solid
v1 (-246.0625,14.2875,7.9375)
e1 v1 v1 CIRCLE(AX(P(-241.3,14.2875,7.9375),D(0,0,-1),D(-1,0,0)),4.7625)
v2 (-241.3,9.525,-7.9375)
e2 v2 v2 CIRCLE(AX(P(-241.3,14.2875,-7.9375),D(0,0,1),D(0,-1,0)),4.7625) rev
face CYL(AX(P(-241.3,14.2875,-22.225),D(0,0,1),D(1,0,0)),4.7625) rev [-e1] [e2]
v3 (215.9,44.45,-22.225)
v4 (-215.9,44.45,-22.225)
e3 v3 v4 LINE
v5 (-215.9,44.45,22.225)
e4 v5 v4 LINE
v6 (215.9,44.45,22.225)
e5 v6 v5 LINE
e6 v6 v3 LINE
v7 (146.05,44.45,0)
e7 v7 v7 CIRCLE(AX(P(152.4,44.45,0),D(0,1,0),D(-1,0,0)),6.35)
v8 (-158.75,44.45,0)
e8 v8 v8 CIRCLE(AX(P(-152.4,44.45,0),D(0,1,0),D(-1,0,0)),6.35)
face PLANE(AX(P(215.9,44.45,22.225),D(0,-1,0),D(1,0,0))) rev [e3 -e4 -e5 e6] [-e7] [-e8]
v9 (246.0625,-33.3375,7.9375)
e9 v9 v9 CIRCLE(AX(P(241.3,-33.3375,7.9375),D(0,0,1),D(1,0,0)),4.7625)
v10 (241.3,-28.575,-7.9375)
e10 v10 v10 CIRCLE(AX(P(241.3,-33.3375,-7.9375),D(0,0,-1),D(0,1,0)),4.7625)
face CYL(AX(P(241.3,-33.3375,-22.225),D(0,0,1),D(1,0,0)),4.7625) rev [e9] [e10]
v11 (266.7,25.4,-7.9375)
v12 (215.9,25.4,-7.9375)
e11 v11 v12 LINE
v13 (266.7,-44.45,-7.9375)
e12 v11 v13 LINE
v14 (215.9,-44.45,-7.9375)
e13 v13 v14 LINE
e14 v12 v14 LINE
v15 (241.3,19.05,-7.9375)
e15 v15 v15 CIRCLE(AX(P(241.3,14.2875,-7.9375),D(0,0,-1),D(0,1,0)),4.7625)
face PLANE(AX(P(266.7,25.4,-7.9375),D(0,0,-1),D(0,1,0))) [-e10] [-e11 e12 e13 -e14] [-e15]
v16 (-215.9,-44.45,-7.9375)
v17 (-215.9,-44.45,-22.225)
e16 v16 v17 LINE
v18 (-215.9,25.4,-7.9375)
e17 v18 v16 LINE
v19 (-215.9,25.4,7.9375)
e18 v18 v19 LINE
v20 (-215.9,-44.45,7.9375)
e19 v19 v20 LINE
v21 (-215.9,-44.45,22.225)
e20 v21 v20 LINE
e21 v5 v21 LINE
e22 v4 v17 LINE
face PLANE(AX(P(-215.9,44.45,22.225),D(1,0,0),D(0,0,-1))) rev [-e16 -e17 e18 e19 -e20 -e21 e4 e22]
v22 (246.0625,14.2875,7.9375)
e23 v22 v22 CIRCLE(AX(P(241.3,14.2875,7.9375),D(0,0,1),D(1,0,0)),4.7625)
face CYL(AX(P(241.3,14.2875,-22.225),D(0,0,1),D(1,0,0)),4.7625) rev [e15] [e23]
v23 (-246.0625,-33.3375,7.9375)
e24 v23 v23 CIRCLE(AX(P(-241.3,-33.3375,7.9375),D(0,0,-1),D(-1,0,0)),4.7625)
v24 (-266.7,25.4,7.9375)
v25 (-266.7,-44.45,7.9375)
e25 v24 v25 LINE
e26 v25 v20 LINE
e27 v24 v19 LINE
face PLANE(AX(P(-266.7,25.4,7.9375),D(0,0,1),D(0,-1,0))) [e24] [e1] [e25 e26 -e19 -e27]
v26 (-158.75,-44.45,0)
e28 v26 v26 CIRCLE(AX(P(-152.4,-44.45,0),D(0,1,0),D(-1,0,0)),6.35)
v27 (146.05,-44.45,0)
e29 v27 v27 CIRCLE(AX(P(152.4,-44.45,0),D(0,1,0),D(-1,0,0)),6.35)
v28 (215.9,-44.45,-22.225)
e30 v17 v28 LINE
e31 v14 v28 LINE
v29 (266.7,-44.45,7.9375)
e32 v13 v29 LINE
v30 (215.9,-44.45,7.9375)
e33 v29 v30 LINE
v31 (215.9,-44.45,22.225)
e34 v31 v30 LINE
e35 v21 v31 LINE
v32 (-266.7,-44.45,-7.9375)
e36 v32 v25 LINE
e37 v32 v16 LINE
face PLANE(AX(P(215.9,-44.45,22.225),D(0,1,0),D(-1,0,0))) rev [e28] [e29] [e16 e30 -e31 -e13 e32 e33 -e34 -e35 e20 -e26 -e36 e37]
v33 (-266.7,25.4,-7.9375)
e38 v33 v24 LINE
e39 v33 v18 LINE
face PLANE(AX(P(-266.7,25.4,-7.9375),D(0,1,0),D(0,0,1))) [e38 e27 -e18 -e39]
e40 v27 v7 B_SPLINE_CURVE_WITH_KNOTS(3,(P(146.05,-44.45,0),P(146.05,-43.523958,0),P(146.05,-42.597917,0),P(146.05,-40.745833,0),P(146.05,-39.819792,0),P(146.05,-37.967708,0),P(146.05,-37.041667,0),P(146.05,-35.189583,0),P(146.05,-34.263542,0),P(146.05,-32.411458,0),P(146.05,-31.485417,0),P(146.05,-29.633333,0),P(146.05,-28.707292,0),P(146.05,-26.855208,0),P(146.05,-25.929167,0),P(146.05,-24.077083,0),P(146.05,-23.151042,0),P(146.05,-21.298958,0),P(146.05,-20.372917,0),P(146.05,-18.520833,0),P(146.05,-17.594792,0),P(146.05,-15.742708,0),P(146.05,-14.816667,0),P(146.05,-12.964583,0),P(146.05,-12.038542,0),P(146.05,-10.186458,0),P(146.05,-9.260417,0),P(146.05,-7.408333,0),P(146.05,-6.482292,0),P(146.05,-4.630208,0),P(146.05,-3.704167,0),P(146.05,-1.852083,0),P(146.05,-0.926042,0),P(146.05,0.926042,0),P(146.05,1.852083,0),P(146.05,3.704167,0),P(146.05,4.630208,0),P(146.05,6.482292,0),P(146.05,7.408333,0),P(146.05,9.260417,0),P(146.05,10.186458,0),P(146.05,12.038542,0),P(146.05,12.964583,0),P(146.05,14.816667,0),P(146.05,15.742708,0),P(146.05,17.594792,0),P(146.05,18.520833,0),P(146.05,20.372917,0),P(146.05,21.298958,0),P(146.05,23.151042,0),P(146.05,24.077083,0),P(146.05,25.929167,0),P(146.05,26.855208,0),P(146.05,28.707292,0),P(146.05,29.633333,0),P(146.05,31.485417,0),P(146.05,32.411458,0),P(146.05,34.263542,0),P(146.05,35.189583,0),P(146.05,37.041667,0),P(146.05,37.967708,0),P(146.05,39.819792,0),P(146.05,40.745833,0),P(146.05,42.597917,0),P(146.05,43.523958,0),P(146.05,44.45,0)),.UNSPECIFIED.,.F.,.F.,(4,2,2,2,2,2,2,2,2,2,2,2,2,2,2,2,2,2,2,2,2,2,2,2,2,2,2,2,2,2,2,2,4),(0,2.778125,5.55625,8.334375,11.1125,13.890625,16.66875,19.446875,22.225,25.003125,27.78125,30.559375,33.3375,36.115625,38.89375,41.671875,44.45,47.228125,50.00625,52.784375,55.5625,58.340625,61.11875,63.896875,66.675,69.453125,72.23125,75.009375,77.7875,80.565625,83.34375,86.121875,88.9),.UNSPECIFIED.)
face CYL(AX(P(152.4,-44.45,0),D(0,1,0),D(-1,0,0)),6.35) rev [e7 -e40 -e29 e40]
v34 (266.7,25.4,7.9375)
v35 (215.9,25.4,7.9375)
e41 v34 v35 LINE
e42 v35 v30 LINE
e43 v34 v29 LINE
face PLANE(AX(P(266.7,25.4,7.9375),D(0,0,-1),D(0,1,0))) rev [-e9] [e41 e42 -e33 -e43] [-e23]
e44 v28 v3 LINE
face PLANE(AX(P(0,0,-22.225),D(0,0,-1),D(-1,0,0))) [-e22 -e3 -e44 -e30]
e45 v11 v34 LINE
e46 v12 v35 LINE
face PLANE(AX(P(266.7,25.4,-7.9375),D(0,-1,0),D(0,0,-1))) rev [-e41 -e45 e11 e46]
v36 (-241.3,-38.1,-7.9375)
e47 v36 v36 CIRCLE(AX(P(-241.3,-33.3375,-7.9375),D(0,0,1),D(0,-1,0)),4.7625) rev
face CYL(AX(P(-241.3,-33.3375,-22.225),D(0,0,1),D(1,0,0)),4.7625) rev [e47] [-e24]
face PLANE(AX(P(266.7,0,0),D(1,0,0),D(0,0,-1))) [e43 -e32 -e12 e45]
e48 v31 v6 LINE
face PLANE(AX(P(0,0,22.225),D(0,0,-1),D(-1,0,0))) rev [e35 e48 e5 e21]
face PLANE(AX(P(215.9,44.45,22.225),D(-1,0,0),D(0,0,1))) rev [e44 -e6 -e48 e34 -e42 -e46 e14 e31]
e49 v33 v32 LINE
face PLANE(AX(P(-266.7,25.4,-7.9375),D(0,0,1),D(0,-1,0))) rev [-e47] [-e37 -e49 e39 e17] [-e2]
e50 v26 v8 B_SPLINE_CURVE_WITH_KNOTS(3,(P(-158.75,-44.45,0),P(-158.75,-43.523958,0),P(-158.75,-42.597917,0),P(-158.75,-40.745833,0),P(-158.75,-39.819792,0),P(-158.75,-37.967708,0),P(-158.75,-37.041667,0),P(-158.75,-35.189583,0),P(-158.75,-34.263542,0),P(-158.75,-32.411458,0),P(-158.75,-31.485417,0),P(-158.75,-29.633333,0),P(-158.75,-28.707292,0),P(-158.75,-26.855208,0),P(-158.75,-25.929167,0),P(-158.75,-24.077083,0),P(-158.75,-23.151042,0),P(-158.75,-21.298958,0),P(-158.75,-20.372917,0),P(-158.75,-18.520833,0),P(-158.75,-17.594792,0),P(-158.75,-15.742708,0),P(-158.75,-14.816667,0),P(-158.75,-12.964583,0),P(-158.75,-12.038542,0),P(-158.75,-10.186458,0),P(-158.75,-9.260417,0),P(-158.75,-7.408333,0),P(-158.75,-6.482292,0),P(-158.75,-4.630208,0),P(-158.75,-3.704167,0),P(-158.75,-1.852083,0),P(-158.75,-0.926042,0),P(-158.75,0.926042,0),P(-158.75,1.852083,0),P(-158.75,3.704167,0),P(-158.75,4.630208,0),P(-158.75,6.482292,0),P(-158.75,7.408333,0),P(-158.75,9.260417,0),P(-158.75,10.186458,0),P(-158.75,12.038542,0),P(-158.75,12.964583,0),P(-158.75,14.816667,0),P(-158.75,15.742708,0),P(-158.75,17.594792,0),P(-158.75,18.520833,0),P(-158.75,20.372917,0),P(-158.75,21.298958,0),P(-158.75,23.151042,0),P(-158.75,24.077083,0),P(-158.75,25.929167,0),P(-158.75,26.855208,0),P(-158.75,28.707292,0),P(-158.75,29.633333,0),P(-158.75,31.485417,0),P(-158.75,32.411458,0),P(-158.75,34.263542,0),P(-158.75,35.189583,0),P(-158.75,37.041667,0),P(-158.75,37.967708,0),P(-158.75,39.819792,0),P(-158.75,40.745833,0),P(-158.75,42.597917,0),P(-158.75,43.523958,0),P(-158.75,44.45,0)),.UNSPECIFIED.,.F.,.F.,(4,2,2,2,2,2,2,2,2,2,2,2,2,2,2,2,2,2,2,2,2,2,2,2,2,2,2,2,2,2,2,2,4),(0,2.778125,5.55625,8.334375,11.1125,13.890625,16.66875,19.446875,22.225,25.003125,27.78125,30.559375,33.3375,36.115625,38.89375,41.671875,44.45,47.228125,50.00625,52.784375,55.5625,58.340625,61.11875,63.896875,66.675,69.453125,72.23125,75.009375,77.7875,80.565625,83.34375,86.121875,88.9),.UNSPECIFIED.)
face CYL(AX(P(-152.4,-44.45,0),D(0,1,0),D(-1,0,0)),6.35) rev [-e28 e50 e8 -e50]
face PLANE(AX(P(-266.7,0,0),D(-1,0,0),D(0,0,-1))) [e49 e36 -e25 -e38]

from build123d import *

# Parameters (mm, degrees)
SKETCH1_W           = 431.8
SKETCH1_H           = 88.9
BOSS_EXTRUDE1_DEPTH = 22.225
SKETCH2_W           = 15.875
SKETCH2_H           = 69.85
BOSS_EXTRUDE2_DEPTH = 50.8
SKETCH3_R           = 4.7625
CUT_EXTRUDE1_DEPTH  = 273.056003253
SKETCH5_R           = 6.35
CUT_EXTRUDE3_DEPTH  = 283.003635836


with BuildPart() as part:
    # Sketch1 → Boss-Extrude1 (new, symmetric)
    with BuildSketch(Plane.XY):
        Rectangle(SKETCH1_W, SKETCH1_H)
    extrude(amount=BOSS_EXTRUDE1_DEPTH, both=True)

    # Sketch2 → Boss-Extrude2 (add)
    with BuildSketch(Plane(origin=(215.9, 0, 0), x_dir=(0, 0, -1), z_dir=(1, 0, 0))):
        with Locations((0, -9.525)):
            Rectangle(SKETCH2_W, SKETCH2_H)
    boss_extrude2 = extrude(amount=BOSS_EXTRUDE2_DEPTH)

    # Sketch3 → Cut-Extrude1 (cut, through all)
    with BuildSketch(Plane.XY.offset(7.9375)):
        with Locations((241.3, 14.2875)):
            Circle(SKETCH3_R)
        with Locations((241.3, -33.3375)):
            Circle(SKETCH3_R)
    cut_extrude1 = extrude(amount=-CUT_EXTRUDE1_DEPTH, mode=Mode.SUBTRACT)

    # Mirror1: Boss-Extrude2, Cut-Extrude1 across plane
    add(boss_extrude2.mirror(Plane(origin=(0, 0, 0), x_dir=(0, 0, 1), z_dir=(1, 0, 0))))
    add(cut_extrude1.mirror(Plane(origin=(0, 0, 0), x_dir=(0, 0, 1), z_dir=(1, 0, 0))), mode=Mode.SUBTRACT)

    # Sketch5 → Cut-Extrude3 (cut, through all)
    with BuildSketch(Plane(origin=(0, 44.45, 0), x_dir=(1, 0, 0), z_dir=(0, 1, 0))):
        with Locations(Location((-152.4, 0, 0), (0, 0, 180))):
            Circle(SKETCH5_R)
        with Locations(Location((152.4, 0, 0), (0, 0, 180))):
            Circle(SKETCH5_R)
    extrude(amount=-CUT_EXTRUDE3_DEPTH, mode=Mode.SUBTRACT)


solid = part.part
